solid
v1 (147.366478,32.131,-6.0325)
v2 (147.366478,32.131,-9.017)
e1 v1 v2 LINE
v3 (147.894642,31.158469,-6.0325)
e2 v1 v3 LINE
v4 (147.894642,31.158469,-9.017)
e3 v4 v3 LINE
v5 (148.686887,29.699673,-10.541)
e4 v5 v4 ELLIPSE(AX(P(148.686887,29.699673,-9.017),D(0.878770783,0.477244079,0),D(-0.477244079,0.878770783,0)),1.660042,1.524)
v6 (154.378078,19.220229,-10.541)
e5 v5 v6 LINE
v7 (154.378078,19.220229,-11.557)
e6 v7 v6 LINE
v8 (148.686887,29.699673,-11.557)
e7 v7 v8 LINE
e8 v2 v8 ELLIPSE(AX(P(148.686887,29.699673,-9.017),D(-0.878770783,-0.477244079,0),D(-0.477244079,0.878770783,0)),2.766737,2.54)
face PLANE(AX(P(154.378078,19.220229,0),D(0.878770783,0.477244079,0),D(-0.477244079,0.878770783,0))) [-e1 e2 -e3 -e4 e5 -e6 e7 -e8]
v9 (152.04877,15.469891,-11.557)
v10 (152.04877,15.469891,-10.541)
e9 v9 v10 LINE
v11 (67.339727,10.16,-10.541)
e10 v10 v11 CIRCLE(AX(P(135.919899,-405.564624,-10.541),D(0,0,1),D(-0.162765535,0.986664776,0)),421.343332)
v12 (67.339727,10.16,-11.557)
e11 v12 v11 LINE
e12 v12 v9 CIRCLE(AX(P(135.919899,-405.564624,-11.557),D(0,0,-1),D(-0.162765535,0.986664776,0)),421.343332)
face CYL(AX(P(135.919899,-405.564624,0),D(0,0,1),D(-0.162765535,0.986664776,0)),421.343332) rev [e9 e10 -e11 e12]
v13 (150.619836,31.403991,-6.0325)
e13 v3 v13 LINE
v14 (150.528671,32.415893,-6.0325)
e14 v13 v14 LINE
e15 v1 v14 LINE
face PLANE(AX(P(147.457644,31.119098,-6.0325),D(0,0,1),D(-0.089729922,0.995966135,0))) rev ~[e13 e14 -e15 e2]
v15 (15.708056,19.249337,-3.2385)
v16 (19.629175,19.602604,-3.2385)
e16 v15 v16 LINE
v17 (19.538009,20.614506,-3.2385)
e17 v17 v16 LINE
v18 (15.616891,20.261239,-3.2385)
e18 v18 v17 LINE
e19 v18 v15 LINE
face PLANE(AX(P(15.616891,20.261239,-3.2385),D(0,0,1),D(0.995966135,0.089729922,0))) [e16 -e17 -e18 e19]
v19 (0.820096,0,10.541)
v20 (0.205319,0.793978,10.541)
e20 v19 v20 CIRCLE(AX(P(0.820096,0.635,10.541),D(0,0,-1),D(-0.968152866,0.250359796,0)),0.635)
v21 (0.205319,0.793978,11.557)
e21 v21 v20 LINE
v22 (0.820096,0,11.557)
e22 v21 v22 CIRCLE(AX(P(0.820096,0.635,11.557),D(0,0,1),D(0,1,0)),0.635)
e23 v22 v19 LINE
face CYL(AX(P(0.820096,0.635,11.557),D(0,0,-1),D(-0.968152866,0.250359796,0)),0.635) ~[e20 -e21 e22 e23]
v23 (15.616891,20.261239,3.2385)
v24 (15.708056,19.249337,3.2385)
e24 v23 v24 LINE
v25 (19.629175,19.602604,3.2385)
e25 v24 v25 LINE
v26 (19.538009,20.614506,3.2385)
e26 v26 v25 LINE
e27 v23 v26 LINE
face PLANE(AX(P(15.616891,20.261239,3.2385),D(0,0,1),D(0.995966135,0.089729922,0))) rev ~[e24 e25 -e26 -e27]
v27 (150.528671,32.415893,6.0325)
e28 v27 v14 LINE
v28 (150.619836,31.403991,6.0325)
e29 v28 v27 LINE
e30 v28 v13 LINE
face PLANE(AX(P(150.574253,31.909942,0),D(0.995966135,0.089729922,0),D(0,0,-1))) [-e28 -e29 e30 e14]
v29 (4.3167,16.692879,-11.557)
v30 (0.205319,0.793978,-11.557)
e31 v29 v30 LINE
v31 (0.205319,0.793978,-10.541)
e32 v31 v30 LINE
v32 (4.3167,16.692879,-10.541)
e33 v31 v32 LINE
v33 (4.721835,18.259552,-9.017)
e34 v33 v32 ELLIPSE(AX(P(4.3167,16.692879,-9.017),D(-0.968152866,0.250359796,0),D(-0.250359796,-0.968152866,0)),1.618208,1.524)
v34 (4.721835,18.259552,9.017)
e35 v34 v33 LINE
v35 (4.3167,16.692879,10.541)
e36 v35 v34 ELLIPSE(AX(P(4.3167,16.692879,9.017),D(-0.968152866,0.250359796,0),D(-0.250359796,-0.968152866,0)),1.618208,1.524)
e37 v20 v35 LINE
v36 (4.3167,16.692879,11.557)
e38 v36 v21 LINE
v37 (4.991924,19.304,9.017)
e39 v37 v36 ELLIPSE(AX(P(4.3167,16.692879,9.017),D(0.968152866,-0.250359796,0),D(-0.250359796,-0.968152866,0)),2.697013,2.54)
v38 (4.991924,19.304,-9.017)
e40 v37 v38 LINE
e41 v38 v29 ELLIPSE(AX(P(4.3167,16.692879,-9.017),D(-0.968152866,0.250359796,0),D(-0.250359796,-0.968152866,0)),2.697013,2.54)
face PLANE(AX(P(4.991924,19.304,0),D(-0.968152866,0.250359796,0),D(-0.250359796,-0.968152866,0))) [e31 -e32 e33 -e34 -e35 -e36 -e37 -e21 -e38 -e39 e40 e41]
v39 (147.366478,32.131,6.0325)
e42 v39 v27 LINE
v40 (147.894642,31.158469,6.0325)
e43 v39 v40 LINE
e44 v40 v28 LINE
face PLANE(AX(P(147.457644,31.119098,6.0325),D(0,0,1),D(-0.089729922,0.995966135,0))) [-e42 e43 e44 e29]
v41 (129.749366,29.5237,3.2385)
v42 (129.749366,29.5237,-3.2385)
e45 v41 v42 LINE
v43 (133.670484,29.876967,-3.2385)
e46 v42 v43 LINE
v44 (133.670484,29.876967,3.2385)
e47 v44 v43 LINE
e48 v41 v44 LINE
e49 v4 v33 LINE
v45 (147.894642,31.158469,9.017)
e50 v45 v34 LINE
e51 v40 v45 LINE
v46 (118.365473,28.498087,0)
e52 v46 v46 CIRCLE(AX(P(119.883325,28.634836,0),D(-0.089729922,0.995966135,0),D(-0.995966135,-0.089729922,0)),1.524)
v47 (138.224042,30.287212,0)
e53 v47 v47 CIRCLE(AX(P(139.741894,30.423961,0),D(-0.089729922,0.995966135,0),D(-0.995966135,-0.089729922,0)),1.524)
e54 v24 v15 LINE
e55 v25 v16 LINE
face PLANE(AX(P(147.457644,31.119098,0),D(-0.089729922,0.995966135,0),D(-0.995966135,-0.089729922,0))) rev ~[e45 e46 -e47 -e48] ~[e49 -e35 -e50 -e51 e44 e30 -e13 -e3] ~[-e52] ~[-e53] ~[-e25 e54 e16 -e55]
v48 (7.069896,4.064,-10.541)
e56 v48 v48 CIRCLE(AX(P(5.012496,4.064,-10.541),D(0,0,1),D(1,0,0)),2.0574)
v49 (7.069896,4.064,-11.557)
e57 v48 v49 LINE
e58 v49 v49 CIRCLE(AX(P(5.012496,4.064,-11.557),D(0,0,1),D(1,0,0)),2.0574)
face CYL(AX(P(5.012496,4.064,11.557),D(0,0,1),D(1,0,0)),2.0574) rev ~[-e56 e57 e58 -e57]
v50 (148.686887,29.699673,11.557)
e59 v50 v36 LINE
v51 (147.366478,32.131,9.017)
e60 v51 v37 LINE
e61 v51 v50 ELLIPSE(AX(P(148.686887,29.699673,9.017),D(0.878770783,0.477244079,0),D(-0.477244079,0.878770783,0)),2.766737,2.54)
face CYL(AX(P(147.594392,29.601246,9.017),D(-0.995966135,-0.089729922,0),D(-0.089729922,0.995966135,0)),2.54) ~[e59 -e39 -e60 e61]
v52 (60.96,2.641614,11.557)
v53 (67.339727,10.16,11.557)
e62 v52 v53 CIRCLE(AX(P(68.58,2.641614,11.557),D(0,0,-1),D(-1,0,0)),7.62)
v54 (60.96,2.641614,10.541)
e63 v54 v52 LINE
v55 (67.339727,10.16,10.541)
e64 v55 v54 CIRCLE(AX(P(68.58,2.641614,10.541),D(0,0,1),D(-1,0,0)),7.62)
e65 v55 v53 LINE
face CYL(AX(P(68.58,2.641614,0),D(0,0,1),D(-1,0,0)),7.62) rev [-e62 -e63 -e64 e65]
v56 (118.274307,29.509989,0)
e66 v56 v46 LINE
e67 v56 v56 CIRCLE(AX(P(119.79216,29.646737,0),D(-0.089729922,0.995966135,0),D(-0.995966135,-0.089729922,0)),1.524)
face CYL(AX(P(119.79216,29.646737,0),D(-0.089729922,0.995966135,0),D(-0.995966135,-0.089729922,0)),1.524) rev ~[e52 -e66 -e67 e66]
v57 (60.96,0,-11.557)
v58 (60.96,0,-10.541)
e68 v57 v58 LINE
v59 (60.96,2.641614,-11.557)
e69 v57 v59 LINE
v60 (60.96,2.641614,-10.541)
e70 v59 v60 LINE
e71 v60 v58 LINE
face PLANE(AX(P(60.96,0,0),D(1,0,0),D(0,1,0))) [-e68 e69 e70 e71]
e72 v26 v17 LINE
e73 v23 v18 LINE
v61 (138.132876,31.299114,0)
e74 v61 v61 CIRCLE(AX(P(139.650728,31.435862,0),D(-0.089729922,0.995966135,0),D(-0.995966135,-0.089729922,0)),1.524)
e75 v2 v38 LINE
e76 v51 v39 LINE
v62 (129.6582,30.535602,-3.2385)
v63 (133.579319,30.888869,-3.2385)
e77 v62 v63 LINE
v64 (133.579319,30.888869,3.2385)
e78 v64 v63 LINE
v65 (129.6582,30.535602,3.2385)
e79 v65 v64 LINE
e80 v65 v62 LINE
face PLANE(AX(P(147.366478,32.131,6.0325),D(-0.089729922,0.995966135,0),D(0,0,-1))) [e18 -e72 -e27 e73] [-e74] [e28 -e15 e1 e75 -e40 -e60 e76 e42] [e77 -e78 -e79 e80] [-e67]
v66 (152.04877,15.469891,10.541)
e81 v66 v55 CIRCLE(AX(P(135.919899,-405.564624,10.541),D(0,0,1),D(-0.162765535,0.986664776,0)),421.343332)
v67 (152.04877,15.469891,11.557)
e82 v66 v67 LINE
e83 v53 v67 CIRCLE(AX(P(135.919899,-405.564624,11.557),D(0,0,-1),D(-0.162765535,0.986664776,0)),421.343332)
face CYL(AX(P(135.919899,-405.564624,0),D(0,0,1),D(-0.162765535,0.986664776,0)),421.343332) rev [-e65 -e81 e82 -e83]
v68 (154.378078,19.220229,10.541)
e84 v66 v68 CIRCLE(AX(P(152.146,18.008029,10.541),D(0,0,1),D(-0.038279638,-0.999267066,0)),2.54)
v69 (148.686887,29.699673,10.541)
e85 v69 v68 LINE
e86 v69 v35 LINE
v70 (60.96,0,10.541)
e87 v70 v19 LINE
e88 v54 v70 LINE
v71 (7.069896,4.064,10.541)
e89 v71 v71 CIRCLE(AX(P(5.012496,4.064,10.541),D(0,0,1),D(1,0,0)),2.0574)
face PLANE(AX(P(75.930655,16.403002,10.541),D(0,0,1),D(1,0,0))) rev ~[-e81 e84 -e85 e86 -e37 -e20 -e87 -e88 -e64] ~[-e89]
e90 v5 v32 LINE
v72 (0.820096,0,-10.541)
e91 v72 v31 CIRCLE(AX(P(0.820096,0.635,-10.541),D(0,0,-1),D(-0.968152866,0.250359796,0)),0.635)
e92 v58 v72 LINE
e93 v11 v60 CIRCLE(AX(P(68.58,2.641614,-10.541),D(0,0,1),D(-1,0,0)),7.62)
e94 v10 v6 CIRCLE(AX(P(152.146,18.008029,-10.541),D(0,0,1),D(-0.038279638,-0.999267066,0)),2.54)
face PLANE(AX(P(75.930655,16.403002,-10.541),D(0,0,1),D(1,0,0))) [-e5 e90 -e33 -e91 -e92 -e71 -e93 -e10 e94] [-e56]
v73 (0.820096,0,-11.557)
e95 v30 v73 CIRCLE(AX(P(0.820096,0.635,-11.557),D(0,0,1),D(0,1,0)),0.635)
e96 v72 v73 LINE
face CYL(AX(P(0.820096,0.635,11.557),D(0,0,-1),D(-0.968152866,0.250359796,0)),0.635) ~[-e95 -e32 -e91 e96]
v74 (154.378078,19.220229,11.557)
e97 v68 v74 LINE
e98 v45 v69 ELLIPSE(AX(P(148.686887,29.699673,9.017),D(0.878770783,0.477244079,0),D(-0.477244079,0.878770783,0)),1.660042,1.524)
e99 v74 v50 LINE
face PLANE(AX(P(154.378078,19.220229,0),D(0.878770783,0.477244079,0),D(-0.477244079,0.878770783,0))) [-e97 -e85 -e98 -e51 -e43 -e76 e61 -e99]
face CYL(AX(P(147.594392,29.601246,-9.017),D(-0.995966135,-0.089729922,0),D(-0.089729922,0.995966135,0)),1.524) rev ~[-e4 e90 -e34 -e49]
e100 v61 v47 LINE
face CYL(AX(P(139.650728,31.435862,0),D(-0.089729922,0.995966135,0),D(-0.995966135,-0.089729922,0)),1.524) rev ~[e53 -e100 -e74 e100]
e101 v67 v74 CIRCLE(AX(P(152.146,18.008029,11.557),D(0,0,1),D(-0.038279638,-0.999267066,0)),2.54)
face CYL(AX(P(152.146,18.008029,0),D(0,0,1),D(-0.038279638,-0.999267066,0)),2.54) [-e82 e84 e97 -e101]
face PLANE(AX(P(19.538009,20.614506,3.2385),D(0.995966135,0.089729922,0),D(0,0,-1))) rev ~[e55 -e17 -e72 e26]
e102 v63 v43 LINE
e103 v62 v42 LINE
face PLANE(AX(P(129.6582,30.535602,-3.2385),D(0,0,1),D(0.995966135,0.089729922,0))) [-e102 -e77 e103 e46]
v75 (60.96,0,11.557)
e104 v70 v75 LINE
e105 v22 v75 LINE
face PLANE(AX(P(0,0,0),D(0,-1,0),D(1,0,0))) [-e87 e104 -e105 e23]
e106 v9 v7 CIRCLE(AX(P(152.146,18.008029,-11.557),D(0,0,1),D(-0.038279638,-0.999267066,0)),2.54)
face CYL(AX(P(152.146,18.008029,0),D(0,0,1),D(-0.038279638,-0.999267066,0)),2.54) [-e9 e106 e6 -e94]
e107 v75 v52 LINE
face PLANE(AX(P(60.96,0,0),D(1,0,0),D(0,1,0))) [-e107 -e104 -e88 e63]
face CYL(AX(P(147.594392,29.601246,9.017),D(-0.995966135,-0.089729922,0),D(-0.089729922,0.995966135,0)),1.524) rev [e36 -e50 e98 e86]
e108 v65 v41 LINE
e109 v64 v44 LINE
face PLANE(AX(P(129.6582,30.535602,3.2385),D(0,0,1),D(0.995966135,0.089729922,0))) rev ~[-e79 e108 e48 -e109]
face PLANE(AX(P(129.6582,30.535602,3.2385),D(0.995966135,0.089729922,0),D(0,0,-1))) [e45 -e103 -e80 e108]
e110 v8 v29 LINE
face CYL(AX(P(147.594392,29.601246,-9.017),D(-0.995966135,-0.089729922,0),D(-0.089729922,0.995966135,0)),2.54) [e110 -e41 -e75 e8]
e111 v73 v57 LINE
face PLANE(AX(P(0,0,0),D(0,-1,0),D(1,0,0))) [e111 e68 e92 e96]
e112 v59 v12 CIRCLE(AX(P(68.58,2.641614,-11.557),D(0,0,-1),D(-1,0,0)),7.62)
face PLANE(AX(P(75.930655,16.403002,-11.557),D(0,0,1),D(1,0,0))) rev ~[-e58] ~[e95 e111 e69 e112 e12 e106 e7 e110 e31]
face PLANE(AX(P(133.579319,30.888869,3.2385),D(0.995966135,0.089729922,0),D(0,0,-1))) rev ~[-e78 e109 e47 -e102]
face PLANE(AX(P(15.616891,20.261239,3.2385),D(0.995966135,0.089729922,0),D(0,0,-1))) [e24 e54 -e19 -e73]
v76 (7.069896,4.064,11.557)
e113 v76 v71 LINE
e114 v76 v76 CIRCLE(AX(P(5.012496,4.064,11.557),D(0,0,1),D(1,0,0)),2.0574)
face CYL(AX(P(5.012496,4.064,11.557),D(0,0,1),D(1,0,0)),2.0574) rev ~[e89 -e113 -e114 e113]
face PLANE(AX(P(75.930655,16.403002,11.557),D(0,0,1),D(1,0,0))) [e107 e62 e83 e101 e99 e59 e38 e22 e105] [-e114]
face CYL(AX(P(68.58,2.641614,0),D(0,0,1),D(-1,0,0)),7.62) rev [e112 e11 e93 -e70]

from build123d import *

# Parameters (mm, degrees)
BOSS_EXTRUDE1_DEPTH = 11.557
FILLET1_R           = 2.54
FILLET2_R           = 0.635
SHELL1_T            = -1.016
SKETCH3_W           = 12.065
SKETCH3_H           = 1.016
BOSS_EXTRUDE2_DEPTH = 3.175
SKETCH4_R           = 1.524
SKETCH4_W           = 3.937
SKETCH4_H           = 6.477
CUT_EXTRUDE1_DEPTH  = 158.908914941
SKETCH5_R           = 2.0574
CUT_EXTRUDE2_DEPTH  = 160.727285329


with BuildPart() as part:
    # Sketch1 → Boss-Extrude1 (new, symmetric)
    with BuildSketch(Plane.XY):
        with BuildLine():
            Line((0, 0), (60.96, 0))
            Line((60.96, 0), (60.96, 2.641614405))
            ThreePointArc((60.96, 2.641614405), (62.769867337, 7.571802884), (67.339726625, 10.16))
            ThreePointArc((67.339726625, 10.16), (109.560204459, 14.953353711), (152.048769719, 15.469890784))
            ThreePointArc((152.048769719, 15.469890784), (154.303696185, 16.667899597), (154.378077788, 19.220229093))
            Line((154.378077788, 19.220229093), (147.366478068, 32.131))
            Line((147.366478068, 32.131), (4.991923978, 19.304))
            Line((4.991923978, 19.304), (0, 0))
        make_face()
    extrude(amount=BOSS_EXTRUDE1_DEPTH, both=True)

    # Fillet1
    fillet1_edges = [part.edges().sort_by_distance(p)[0] for p in [
        (76.179201023, 25.7175, -11.557),
        (76.179201023, 25.7175, 11.557),
    ]]
    fillet(fillet1_edges, radius=FILLET1_R)

    # Fillet2
    fillet2_edges = [part.edges().sort_by_distance(p)[0] for p in [
        (0, 0, 0),
    ]]
    fillet(fillet2_edges, radius=FILLET2_R)

    # Shell1
    shell1_openings = [part.faces().sort_by_distance(p)[0] for p in [
        (150.901052558, 25.62263054, 0),
        (154.303696185, 16.667899597, 0),
        (109.560204459, 14.953353711, 0),
        (60.96, 1.320807203, 0),
        (62.769867337, 7.571802884, 0),
        (30.890048092, 0, 0),
        (0.318012361, 0.246236787, 0),
        (2.583601555, 9.990906242, 0),
    ]]
    offset(amount=SHELL1_T, openings=shell1_openings, kind=Kind.INTERSECTION)

    # Sketch3 → Boss-Extrude2 (add)
    with BuildSketch(Plane(origin=(149.051444963, 13.428543441, 0), x_dir=(0, 0, -1), z_dir=(0.9959661345298199, 0.08972992181947408, 0))):
        with Locations((0, 18.270205313)):
            Rectangle(SKETCH3_W, SKETCH3_H)
    extrude(amount=BOSS_EXTRUDE2_DEPTH)

    # Sketch4 → Cut-Extrude1 (cut, through all)
    with BuildSketch(Plane(origin=(-1.684966895, 18.702456559, 0), x_dir=(0.9959661345298199, 0.08972992181947409, 0), z_dir=(-0.08972992181947409, 0.9959661345298199, 0))):
        with Locations((121.969133639, 0)):
            Circle(SKETCH4_R)
        with Locations((141.908133639, 0)):
            Circle(SKETCH4_R)
        with Locations((19.340433639, 0)):
            Rectangle(SKETCH4_W, SKETCH4_H)
        with Locations((133.843633639, 0)):
            Rectangle(SKETCH4_W, SKETCH4_H)
    extrude(amount=-CUT_EXTRUDE1_DEPTH, mode=Mode.SUBTRACT)

    # Sketch5 → Cut-Extrude2 (cut, through all)
    with BuildSketch(Plane.XY.offset(11.557)):
        with Locations((5.012495837, 4.064)):
            Circle(SKETCH5_R)
    extrude(amount=-CUT_EXTRUDE2_DEPTH, mode=Mode.SUBTRACT)


solid = part.part
